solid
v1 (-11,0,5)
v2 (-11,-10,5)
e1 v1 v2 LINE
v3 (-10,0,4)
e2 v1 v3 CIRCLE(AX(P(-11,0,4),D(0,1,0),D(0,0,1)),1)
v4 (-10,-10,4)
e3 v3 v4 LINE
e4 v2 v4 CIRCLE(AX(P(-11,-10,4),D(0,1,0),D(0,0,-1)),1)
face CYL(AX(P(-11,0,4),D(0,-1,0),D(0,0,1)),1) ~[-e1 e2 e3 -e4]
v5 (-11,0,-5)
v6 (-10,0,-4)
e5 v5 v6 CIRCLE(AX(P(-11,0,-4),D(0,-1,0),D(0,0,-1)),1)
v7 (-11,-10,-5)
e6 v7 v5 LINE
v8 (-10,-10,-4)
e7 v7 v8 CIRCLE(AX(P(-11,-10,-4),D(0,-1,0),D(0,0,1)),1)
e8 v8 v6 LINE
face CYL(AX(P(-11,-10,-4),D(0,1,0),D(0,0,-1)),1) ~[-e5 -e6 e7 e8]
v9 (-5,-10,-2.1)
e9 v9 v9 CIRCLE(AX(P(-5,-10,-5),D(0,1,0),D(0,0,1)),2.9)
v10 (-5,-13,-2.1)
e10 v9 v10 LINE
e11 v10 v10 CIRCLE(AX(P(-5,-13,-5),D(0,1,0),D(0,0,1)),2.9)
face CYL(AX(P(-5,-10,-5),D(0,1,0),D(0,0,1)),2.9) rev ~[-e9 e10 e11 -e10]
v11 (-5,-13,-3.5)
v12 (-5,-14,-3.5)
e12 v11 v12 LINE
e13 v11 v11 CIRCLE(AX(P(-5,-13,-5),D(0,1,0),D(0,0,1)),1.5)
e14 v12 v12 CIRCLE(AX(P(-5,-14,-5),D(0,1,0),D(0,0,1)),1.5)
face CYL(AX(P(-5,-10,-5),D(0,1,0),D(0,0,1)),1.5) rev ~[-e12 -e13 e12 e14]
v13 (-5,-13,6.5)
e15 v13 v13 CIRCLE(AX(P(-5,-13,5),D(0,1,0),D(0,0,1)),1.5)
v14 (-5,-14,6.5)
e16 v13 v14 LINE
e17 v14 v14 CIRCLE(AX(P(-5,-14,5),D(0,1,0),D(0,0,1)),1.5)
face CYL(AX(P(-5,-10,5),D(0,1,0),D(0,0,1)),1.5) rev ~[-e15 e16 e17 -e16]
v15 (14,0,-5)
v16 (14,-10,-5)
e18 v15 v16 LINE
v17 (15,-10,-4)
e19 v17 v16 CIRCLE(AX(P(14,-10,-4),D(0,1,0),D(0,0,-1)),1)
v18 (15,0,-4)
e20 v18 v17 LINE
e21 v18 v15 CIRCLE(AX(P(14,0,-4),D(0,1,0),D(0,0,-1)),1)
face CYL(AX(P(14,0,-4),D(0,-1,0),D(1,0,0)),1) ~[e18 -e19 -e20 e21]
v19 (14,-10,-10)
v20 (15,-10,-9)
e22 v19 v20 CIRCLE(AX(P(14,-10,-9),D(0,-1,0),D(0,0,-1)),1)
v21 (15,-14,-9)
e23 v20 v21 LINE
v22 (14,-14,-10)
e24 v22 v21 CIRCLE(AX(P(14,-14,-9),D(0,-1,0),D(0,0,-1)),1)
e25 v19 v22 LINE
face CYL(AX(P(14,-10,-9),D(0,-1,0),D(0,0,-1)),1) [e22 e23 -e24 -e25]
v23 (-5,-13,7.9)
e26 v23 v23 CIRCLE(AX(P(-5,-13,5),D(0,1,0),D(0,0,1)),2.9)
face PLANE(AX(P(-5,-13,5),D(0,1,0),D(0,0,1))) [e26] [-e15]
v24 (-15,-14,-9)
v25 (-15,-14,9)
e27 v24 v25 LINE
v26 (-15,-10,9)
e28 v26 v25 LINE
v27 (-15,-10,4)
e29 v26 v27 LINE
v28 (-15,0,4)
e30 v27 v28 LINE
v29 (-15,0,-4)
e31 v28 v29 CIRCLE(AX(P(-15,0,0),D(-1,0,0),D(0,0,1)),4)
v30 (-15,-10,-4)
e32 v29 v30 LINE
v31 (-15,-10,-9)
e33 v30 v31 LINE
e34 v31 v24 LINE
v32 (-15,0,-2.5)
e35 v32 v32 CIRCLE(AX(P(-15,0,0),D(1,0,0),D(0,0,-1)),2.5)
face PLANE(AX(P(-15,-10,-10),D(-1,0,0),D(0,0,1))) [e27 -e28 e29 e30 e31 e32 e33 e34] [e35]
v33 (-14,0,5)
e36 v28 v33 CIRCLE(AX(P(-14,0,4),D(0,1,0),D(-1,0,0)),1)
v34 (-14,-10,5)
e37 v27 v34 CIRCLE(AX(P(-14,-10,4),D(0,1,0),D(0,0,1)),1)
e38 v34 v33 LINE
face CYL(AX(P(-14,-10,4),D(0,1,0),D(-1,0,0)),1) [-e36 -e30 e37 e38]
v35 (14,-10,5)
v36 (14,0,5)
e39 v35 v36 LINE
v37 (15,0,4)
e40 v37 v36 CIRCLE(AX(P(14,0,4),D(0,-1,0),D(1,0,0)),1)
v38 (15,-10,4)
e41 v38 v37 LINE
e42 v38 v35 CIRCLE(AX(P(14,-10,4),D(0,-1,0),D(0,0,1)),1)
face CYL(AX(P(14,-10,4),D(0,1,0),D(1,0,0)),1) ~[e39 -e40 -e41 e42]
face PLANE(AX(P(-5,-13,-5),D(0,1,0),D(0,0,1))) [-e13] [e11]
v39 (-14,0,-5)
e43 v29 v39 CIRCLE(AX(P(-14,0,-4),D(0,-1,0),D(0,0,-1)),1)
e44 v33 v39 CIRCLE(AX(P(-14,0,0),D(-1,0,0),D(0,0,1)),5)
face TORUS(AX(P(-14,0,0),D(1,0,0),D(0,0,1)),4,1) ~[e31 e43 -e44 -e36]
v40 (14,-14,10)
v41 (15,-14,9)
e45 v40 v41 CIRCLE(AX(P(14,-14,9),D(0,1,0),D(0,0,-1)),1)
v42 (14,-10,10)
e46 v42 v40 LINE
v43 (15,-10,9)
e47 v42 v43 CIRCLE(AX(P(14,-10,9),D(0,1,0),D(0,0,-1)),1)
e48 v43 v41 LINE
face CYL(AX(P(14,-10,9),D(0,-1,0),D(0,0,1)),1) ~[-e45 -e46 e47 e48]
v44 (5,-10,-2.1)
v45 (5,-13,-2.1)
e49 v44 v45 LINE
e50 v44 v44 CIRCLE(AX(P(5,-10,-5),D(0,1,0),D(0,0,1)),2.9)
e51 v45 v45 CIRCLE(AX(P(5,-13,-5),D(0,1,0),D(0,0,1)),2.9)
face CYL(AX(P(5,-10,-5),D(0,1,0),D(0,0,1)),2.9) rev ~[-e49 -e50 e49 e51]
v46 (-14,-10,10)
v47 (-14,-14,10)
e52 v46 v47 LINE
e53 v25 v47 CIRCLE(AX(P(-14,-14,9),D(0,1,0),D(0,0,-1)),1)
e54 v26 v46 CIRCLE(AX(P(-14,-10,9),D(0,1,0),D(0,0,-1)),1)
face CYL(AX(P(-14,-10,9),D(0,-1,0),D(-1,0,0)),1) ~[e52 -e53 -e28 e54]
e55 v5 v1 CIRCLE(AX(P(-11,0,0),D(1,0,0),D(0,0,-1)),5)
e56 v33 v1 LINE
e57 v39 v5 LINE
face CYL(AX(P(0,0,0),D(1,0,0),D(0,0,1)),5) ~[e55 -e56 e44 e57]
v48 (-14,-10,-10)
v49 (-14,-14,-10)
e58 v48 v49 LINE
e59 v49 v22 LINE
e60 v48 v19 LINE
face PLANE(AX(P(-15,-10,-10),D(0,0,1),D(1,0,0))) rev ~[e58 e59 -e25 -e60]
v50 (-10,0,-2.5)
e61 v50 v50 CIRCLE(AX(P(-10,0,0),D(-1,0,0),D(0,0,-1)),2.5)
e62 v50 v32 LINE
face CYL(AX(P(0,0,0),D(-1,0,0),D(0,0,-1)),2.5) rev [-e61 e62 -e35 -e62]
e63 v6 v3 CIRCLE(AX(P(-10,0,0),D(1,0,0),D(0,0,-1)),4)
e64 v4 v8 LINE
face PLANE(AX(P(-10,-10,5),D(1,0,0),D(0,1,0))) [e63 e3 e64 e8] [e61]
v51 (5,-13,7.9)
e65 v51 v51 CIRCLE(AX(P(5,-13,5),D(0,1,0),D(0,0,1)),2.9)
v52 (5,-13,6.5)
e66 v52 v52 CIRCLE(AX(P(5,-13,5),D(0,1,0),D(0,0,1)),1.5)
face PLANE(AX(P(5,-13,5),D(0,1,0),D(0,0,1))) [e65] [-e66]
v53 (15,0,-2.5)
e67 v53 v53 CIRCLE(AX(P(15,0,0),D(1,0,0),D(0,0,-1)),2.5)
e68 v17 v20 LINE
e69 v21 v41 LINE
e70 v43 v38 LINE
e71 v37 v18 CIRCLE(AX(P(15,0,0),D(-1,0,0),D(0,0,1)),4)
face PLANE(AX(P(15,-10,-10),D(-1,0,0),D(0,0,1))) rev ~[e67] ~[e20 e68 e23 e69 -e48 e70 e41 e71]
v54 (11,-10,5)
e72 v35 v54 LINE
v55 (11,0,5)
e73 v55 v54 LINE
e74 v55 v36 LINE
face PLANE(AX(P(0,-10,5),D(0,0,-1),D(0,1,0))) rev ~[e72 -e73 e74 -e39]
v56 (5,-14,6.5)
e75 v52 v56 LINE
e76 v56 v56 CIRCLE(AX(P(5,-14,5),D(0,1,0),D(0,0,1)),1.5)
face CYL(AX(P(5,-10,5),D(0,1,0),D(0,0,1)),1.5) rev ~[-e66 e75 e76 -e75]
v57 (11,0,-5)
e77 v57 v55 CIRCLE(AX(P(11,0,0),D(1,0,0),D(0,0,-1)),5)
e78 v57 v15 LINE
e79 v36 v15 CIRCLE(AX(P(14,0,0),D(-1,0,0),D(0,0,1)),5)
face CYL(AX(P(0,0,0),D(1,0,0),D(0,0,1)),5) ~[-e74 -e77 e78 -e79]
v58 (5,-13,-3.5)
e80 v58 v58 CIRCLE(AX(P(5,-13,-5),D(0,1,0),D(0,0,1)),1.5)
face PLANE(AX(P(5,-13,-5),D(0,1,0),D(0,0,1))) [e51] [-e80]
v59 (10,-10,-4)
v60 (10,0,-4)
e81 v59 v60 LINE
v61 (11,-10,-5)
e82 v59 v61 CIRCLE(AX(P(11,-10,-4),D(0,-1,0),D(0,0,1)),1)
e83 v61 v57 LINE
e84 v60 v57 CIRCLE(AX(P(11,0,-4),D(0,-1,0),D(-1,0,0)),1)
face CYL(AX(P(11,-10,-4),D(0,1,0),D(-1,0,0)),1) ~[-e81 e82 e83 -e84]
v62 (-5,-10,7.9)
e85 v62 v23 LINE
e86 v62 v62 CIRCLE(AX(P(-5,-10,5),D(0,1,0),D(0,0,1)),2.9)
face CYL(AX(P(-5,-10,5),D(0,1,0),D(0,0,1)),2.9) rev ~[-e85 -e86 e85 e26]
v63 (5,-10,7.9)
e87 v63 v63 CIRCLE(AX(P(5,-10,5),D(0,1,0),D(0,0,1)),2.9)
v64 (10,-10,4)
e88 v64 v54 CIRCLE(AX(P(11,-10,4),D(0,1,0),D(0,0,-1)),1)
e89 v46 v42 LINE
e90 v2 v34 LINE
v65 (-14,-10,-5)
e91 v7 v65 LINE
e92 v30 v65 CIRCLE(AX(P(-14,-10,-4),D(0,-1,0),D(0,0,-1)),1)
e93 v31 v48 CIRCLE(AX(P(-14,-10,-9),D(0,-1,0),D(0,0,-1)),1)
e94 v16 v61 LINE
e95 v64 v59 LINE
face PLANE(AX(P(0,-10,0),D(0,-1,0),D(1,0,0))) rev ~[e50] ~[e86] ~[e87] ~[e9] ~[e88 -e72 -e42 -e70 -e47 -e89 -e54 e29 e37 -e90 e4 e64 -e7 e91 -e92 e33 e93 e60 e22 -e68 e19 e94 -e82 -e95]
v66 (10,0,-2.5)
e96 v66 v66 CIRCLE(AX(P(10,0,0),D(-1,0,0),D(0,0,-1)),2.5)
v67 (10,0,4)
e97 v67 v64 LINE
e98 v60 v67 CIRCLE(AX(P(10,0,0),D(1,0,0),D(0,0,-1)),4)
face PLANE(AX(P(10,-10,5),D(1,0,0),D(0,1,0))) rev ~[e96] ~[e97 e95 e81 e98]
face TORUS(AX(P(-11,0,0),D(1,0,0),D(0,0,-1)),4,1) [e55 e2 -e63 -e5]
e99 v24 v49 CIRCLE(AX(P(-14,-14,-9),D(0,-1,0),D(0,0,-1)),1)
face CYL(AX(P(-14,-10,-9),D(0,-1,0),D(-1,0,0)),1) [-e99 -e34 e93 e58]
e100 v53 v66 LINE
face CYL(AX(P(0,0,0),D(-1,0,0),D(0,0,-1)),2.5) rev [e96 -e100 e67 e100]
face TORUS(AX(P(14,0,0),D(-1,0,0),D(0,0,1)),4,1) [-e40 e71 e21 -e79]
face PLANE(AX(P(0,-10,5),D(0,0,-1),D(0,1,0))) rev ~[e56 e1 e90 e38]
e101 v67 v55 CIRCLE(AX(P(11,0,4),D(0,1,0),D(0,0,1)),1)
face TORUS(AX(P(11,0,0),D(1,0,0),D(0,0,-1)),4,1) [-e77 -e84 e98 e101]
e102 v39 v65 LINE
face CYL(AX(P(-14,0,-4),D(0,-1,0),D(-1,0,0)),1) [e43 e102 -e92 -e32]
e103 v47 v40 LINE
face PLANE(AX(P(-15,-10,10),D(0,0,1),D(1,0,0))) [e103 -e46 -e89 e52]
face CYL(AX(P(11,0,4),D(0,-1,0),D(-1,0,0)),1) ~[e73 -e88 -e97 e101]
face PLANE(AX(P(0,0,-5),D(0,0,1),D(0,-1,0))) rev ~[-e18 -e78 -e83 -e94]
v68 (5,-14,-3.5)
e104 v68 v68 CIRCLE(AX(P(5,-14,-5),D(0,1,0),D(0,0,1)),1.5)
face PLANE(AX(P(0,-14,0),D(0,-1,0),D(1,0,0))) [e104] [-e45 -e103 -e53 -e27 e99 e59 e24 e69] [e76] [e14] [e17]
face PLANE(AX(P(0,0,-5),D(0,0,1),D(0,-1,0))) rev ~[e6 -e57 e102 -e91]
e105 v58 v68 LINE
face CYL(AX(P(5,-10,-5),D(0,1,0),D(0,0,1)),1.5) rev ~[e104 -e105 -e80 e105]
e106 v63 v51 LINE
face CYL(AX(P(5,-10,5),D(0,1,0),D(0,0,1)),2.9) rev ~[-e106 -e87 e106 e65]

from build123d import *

# Parameters (mm, degrees)
ESQUISSE2_R             = 2.5
BOSS_EXTRU_1_DEPTH      = 15
ESQUISSE4_W             = 30
ESQUISSE4_H             = 20
BOSS_EXTRU_2_DEPTH      = 4
ENL_V_MAT_EXTRU_1_REACH = 6
ESQUISSE5_R             = 1.5
ESQUISSE6_W             = 20
ESQUISSE6_H             = 21.543710407
ENL_V_MAT_EXTRU_2_DEPTH = 16
ESQUISSE7_R             = 2.9
ENL_V_MAT_EXTRU_3_DEPTH = 3
CONG_1_R                = 1


with BuildPart() as part:
    # Esquisse2 → Boss.-Extru.1 (new body, symmetric)
    with BuildSketch(Plane(origin=(0, 0, 0), x_dir=(0, 0, -1), z_dir=(1, 0, 0))):
        with BuildLine():
            Line((5, 0), (5, -10))
            Line((5, -10), (-5, -10))
            Line((-5, -10), (-5, 0))
            ThreePointArc((-5, 0), (0, 5), (5, 0))
        make_face()
        Circle(ESQUISSE2_R, mode=Mode.SUBTRACT)
    extrude(amount=BOSS_EXTRU_1_DEPTH, both=True)

    # Esquisse4 → Boss.-Extru.2 (add)
    with BuildSketch(Plane.XZ.offset(10)):
        Rectangle(ESQUISSE4_W, ESQUISSE4_H)
    extrude(amount=BOSS_EXTRU_2_DEPTH)

    # Esquisse5 → Enlèv. mat.-Extru.1 (cut, up to next)
    with BuildSketch(Plane(origin=(0, -10, 0), x_dir=(1, 0, 0), z_dir=(0, 1, 0)), mode=Mode.PRIVATE) as enl_v_mat_extru_1_sk1:
        with Locations(Location((5, -5, 0), (0, 0, 270))):  # turned: the seam where the file's is
            Circle(ESQUISSE5_R)
    enl_v_mat_extru_1_tool1 = extrude(enl_v_mat_extru_1_sk1.sketch, amount=-ENL_V_MAT_EXTRU_1_REACH, mode=Mode.PRIVATE) & part.part
    add(enl_v_mat_extru_1_tool1.solids().sort_by_distance((5, -10, 5))[0], mode=Mode.SUBTRACT)
    # Esquisse5 → Enlèv. mat.-Extru.1 (cut, up to next)
    with BuildSketch(Plane(origin=(0, -10, 0), x_dir=(1, 0, 0), z_dir=(0, 1, 0)), mode=Mode.PRIVATE) as enl_v_mat_extru_1_sk2:
        with Locations(Location((5, 5, 0), (0, 0, 270))):  # turned: the seam where the file's is
            Circle(ESQUISSE5_R)
    enl_v_mat_extru_1_tool2 = extrude(enl_v_mat_extru_1_sk2.sketch, amount=-ENL_V_MAT_EXTRU_1_REACH, mode=Mode.PRIVATE) & part.part
    add(enl_v_mat_extru_1_tool2.solids().sort_by_distance((5, -10, -5))[0], mode=Mode.SUBTRACT)
    # Esquisse5 → Enlèv. mat.-Extru.1 (cut, up to next)
    with BuildSketch(Plane(origin=(0, -10, 0), x_dir=(1, 0, 0), z_dir=(0, 1, 0)), mode=Mode.PRIVATE) as enl_v_mat_extru_1_sk3:
        with Locations(Location((-5, 5, 0), (0, 0, 270))):  # turned: the seam where the file's is
            Circle(ESQUISSE5_R)
    enl_v_mat_extru_1_tool3 = extrude(enl_v_mat_extru_1_sk3.sketch, amount=-ENL_V_MAT_EXTRU_1_REACH, mode=Mode.PRIVATE) & part.part
    add(enl_v_mat_extru_1_tool3.solids().sort_by_distance((-5, -10, -5))[0], mode=Mode.SUBTRACT)
    # Esquisse5 → Enlèv. mat.-Extru.1 (cut, up to next)
    with BuildSketch(Plane(origin=(0, -10, 0), x_dir=(1, 0, 0), z_dir=(0, 1, 0)), mode=Mode.PRIVATE) as enl_v_mat_extru_1_sk4:
        with Locations(Location((-5, -5, 0), (0, 0, 270))):  # turned: the seam where the file's is
            Circle(ESQUISSE5_R)
    enl_v_mat_extru_1_tool4 = extrude(enl_v_mat_extru_1_sk4.sketch, amount=-ENL_V_MAT_EXTRU_1_REACH, mode=Mode.PRIVATE) & part.part
    add(enl_v_mat_extru_1_tool4.solids().sort_by_distance((-5, -10, 5))[0], mode=Mode.SUBTRACT)

    # Esquisse6 → Enlèv. mat.-Extru.2 (cut, through all)
    with BuildSketch(Plane.XY.offset(5)):
        with Locations((0, 0.771855204)):
            Rectangle(ESQUISSE6_W, ESQUISSE6_H)
    extrude(amount=-ENL_V_MAT_EXTRU_2_DEPTH, mode=Mode.SUBTRACT)

    # Esquisse7 → Enlèv. mat.-Extru.3 (cut)
    with BuildSketch(Plane(origin=(0, -10, 0), x_dir=(1, 0, 0), z_dir=(0, 1, 0))):
        with Locations(Location((-5, 5, 0), (0, 0, 270))):  # turned: the seam where the file's is
            Circle(ESQUISSE7_R)
        with Locations(Location((5, 5, 0), (0, 0, 270))):  # turned: the seam where the file's is
            Circle(ESQUISSE7_R)
        with Locations(Location((5, -5, 0), (0, 0, 270))):  # turned: the seam where the file's is
            Circle(ESQUISSE7_R)
        with Locations(Location((-5, -5, 0), (0, 0, 270))):  # turned: the seam where the file's is
            Circle(ESQUISSE7_R)
    extrude(amount=-ENL_V_MAT_EXTRU_3_DEPTH, mode=Mode.SUBTRACT)

    # Congé1
    cong_1_edges = [part.edges().sort_by_distance(p)[0] for p in [
        (15, -5, -5),
        (-15, -12, 10),
        (-15, -12, -10),
        (15, -12, -10),
        (15, -12, 10),
        (15, 5, 0),
        (-15, -5, -5),
        (-15, -5, 5),
        (-15, 5, 0),
        (-10, 5, 0),
        (-10, -5, -5),
        (10, -5, -5),
        (10, 5, 0),
        (10, -5, 5),
        (-10, -5, 5),
        (15, -5, 5),
    ]]
    fillet(cong_1_edges, radius=CONG_1_R)


solid = part.part
